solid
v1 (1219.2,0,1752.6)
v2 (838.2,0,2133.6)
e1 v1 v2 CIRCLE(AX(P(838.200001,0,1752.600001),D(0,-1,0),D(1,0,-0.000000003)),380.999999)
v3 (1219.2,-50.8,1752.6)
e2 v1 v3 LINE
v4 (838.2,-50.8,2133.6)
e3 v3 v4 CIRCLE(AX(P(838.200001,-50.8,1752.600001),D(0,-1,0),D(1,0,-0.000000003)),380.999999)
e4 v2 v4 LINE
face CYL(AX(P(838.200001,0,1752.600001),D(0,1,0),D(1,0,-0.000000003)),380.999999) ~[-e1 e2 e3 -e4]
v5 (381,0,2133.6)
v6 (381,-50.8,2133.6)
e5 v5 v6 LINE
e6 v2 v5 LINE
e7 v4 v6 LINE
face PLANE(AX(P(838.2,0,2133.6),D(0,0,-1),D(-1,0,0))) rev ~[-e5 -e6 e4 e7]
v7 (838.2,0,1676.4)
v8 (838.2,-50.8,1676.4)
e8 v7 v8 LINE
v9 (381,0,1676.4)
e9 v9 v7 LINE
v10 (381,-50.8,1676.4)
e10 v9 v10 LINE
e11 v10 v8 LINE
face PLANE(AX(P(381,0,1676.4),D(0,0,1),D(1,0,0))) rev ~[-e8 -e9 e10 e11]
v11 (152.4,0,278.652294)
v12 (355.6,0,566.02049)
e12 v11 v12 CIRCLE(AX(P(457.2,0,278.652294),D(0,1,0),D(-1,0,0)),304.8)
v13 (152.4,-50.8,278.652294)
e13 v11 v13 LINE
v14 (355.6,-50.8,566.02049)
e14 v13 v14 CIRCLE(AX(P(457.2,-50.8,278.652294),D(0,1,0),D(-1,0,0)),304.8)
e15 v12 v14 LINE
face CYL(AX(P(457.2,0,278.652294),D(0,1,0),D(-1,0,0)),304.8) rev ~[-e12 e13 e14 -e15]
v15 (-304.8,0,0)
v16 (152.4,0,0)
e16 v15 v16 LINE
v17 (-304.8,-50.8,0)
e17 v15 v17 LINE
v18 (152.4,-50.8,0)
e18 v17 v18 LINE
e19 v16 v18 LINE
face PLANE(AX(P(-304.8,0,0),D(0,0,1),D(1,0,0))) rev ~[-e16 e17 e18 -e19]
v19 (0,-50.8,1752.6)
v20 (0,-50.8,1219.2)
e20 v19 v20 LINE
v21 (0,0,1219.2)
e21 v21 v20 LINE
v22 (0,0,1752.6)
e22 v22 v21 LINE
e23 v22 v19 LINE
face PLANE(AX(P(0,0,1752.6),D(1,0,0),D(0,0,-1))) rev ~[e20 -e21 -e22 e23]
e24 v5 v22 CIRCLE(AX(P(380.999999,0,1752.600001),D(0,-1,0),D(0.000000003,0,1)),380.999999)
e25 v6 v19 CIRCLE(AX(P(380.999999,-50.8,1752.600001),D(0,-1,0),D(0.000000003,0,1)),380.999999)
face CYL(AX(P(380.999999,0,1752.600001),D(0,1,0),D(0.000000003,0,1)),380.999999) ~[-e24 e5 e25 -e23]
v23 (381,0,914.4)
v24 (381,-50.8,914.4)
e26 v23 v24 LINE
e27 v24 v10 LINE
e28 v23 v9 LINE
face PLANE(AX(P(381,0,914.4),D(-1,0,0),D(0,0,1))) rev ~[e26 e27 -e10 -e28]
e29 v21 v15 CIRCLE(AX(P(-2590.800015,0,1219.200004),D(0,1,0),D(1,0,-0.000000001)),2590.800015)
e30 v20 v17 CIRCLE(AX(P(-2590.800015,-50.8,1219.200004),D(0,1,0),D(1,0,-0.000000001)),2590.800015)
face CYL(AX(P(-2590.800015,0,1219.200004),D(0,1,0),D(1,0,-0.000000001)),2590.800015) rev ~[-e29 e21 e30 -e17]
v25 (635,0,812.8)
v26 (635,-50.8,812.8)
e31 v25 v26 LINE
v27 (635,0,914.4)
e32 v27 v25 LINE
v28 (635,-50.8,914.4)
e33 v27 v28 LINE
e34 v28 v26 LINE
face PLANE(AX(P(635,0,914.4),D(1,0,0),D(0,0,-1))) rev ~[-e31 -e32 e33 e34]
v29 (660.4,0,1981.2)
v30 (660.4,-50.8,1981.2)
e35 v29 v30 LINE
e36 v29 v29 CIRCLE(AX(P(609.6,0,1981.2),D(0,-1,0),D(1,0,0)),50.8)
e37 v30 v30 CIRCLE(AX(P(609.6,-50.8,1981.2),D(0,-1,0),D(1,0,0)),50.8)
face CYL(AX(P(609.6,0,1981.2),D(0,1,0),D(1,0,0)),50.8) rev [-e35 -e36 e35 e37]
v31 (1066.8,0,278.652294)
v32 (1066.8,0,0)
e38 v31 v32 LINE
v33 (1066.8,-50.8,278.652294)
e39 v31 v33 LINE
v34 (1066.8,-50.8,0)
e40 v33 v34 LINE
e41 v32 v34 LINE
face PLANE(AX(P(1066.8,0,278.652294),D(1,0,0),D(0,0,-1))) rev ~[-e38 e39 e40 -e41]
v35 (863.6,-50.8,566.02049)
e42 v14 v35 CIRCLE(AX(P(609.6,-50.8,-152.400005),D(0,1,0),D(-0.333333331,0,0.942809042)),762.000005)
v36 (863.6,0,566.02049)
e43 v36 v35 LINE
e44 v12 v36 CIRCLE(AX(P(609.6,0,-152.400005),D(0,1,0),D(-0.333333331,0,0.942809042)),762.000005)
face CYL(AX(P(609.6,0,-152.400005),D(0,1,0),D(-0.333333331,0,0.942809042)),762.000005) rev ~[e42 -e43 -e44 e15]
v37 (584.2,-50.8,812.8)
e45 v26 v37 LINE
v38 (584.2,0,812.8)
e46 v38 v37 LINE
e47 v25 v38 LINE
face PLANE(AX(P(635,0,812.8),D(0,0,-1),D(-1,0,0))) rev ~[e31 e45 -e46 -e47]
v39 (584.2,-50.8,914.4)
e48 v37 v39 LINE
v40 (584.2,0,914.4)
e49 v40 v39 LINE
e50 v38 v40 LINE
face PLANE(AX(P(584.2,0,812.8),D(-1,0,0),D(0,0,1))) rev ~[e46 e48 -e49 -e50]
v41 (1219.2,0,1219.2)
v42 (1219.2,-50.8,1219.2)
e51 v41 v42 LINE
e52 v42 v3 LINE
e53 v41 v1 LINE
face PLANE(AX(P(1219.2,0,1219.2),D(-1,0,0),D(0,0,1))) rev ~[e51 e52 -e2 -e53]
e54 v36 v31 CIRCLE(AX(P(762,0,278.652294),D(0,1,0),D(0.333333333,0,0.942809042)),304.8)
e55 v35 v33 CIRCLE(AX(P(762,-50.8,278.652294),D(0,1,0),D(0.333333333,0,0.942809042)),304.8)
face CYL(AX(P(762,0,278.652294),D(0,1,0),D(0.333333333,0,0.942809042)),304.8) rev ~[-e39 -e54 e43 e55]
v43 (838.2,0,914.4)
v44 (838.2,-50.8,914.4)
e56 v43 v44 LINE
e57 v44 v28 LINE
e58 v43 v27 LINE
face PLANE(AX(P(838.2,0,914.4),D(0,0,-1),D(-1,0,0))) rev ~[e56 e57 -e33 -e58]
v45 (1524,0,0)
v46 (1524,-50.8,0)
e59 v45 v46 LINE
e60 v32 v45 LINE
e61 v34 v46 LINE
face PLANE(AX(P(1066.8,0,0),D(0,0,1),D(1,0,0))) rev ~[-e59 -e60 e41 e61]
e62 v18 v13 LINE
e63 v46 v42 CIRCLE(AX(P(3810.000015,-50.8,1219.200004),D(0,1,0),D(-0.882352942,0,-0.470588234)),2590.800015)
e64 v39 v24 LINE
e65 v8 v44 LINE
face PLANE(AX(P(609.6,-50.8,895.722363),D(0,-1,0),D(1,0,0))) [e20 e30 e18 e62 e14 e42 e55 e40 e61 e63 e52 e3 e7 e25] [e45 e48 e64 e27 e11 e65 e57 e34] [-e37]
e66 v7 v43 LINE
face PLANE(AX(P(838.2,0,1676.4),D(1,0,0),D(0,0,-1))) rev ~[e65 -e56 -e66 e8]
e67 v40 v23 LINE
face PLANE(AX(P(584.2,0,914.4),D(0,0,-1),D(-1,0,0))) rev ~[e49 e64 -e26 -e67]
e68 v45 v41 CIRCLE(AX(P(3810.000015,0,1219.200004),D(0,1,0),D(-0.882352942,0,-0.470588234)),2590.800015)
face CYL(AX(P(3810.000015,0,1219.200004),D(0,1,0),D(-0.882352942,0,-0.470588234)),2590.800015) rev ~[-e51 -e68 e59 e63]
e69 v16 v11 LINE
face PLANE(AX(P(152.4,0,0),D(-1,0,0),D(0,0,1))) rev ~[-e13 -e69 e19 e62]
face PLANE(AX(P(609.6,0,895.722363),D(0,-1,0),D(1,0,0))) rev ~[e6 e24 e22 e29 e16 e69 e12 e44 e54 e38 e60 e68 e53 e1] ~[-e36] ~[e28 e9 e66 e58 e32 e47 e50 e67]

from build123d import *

# Parameters (mm, degrees)
F0_R     = 50.8
F1_DEPTH = 50.8


with BuildPart() as f1:
    # F0 (on Front) → F1 (new body)
    with BuildSketch(Plane.XZ):
        with BuildLine():
            ThreePointArc((1219.2, 1752.6), (1107.607684, 2022.007684), (838.2, 2133.6))
            Line((838.2, 2133.6), (381, 2133.6))
            ThreePointArc((381, 2133.6), (111.592316, 2022.007684), (0, 1752.6))
            Line((0, 1752.6), (0, 1219.2))
            ThreePointArc((0, 1219.2), (-77.354811, 590.838703), (-304.8, 0))
            Line((-304.8, 0), (152.4, 0))
            Line((152.4, 0), (152.4, 278.652294))
            ThreePointArc((152.4, 278.652294), (208.331842, 454.628656), (355.6, 566.02049))
            ThreePointArc((355.6, 566.02049), (609.6, 609.6), (863.6, 566.02049))
            ThreePointArc((863.6, 566.02049), (1010.868158, 454.628656), (1066.8, 278.652294))
            Line((1066.8, 278.652294), (1066.8, 0))
            Line((1066.8, 0), (1524, 0))
            ThreePointArc((1524, 0), (1296.554811, 590.838703), (1219.2, 1219.2))
            Line((1219.2, 1219.2), (1219.2, 1752.6))
        make_face()
        Polygon((584.2, 914.4), (381, 914.4), (381, 1676.4), (838.2, 1676.4), (838.2, 914.4), (635, 914.4), (635, 812.8), (584.2, 812.8), align=None, mode=Mode.SUBTRACT)
        with Locations((609.6, 1981.2)):
            Circle(F0_R, mode=Mode.SUBTRACT)
    extrude(amount=F1_DEPTH)


solid = f1.part
